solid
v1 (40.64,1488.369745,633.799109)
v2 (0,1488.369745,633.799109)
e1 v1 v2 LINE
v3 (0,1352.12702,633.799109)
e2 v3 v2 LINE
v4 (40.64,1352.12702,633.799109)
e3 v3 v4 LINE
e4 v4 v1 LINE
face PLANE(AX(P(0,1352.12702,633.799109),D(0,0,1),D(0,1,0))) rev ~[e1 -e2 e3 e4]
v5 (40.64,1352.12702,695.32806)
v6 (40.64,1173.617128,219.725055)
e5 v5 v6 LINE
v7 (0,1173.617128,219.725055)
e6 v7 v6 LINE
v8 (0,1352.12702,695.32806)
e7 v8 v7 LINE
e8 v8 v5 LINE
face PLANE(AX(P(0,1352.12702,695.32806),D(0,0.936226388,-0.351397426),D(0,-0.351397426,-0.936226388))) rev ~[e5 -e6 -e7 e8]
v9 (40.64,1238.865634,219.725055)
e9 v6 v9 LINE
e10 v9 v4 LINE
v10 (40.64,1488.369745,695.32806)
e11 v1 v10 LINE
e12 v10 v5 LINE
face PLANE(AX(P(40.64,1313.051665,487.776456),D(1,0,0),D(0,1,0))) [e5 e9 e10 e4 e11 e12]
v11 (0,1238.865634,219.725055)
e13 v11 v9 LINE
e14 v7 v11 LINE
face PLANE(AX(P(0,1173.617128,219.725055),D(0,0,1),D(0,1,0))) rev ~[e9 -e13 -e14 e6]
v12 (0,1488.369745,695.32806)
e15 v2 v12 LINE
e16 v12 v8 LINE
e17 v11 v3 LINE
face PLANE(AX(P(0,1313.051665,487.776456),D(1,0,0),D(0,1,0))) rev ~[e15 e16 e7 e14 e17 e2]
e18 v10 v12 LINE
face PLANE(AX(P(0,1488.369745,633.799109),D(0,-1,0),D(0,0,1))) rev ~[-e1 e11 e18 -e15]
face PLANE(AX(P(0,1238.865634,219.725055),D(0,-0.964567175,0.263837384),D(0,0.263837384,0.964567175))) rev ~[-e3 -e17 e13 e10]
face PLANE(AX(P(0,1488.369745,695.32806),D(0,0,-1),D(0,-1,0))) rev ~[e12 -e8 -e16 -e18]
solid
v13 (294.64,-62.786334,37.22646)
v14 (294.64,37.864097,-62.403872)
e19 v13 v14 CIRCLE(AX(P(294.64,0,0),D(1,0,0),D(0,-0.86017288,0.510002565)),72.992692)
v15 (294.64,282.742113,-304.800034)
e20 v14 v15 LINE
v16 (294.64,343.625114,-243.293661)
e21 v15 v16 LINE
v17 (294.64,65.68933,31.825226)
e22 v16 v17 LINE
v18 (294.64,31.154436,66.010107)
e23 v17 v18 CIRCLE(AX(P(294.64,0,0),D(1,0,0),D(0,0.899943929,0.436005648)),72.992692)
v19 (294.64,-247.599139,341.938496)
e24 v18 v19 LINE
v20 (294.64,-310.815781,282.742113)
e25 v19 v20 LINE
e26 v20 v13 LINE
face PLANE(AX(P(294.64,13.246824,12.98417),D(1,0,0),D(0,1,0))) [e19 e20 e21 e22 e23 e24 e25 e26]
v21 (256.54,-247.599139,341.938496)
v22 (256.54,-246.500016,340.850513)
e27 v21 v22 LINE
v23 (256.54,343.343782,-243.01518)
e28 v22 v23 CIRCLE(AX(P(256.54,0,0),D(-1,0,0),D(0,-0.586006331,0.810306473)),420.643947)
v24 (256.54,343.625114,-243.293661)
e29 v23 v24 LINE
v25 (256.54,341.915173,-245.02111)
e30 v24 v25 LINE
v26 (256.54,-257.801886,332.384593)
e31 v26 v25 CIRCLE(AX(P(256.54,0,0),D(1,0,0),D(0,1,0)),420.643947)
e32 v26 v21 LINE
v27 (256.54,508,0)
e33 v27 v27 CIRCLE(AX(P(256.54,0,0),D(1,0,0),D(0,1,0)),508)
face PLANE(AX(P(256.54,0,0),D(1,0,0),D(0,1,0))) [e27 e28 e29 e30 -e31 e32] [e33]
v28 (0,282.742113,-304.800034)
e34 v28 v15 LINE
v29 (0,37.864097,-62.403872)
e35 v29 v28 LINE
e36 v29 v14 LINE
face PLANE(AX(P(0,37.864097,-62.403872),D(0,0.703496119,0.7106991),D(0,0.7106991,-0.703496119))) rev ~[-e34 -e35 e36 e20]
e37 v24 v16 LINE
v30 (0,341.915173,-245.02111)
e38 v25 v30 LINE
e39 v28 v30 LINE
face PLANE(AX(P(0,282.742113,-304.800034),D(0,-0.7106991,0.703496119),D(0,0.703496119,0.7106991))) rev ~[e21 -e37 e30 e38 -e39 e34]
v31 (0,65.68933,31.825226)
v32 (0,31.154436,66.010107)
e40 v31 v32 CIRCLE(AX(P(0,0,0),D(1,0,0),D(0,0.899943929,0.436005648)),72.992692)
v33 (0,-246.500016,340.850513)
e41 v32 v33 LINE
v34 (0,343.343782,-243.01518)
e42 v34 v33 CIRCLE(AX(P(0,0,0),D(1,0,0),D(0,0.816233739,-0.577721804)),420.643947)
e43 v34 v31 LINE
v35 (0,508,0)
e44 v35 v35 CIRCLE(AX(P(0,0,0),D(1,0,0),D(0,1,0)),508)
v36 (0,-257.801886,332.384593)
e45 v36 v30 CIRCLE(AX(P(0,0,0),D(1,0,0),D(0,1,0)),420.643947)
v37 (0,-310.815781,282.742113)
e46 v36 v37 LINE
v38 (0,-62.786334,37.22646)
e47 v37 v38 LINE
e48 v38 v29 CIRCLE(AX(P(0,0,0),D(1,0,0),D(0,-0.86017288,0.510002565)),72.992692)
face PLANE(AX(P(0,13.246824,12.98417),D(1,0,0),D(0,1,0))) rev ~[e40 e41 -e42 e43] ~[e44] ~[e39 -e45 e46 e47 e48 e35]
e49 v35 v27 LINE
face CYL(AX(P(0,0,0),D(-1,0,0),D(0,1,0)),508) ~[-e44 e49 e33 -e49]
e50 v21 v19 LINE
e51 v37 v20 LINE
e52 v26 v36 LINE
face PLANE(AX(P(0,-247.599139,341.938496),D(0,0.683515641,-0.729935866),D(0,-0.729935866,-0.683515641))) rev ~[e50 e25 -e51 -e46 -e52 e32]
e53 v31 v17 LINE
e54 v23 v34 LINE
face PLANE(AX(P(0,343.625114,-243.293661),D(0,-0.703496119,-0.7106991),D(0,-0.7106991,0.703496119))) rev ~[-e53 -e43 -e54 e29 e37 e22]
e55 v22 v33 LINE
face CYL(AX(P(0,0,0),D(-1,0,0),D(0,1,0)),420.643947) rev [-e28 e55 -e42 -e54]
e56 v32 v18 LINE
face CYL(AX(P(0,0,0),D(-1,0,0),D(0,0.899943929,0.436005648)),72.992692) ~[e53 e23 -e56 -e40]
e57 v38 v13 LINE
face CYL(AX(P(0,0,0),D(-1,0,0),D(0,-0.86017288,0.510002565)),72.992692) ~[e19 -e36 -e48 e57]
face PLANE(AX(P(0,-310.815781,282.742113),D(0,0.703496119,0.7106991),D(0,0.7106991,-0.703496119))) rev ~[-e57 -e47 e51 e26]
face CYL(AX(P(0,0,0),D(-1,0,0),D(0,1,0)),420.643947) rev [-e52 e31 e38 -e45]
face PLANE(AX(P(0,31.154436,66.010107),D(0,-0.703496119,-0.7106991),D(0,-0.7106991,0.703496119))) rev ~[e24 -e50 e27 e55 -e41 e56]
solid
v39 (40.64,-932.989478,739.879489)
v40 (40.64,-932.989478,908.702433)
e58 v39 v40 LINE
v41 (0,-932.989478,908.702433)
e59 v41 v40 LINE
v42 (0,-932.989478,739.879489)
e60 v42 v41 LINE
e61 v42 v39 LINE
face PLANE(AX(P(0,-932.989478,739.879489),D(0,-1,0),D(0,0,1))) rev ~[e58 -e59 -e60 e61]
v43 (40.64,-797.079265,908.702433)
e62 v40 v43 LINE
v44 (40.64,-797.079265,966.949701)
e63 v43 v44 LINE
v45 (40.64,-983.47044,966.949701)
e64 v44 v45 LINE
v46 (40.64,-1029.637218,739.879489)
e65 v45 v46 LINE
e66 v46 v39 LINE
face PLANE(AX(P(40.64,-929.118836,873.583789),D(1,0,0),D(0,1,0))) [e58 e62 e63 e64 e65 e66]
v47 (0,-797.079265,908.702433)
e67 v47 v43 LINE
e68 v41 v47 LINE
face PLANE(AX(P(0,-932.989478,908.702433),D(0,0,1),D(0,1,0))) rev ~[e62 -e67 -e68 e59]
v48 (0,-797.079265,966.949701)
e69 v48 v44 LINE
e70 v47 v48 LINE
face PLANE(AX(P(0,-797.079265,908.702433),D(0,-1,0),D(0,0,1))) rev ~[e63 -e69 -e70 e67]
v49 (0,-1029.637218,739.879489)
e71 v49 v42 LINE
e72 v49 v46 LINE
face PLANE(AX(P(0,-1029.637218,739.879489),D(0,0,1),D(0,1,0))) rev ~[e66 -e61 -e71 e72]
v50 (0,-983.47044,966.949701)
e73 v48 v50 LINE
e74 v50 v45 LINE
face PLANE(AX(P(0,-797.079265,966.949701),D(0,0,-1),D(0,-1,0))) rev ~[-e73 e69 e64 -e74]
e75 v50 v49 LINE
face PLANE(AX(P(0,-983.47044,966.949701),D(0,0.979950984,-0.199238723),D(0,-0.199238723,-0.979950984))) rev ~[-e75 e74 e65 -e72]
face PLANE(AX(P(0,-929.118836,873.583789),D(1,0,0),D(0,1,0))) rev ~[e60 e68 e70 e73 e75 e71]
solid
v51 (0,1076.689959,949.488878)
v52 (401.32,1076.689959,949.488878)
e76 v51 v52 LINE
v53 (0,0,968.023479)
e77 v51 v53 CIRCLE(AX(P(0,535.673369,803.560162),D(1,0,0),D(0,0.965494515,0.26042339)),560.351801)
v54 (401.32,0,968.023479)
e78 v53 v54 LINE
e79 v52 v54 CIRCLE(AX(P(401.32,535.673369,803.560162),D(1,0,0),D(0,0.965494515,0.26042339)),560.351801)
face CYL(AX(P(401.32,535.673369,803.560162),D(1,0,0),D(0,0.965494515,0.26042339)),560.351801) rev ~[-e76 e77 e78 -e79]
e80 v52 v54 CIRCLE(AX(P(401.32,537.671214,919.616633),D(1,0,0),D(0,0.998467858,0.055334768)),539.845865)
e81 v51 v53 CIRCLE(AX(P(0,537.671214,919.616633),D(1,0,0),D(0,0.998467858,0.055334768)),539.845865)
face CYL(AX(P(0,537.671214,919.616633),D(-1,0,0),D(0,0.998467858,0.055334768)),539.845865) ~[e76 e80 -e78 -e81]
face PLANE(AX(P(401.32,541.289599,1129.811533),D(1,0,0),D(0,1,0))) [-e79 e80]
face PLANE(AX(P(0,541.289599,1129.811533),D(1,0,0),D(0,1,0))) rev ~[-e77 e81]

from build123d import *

# Parameters (mm, degrees)
F0_R      = 508
F0_R_2    = 420.6439468704
F1_DEPTH  = 256.54
F3_DEPTH  = 294.64
F5_DEPTH  = 401.32
F7_DEPTH  = 815.34
F9_DEPTH  = 40.64
F10_DEPTH = 38.1
F12_DEPTH = 40.64


with BuildPart() as f1:
    # F0 (on Right) → F1 (new body)
    with BuildSketch(Plane.YZ):
        Circle(F0_R)
        Circle(F0_R_2, mode=Mode.SUBTRACT)
    extrude(amount=F1_DEPTH)

    # F2 (on Right) → F3 (join)
    with BuildSketch(Plane.YZ):
        with BuildLine():
            ThreePointArc((37.8640968703, -62.4038721518), (63.6071358166, -35.8059403527), (72.9926920406, 0))
            ThreePointArc((72.9926920406, 0), (71.1434260152, 16.3262373548), (65.6893300543, 31.8252259749))
            Line((65.6893300543, 31.8252259749), (31.1544355507, 66.0101070811))
            ThreePointArc((31.1544355507, 66.0101070811), (-21.3838451619, 69.7901444147), (-62.7863341252, 37.2264601924))
            Line((-62.7863341252, 37.2264601924), (37.8640968703, -62.4038721518))
        make_face()
        with BuildLine():
            ThreePointArc((65.6893300543, 31.8252259749), (71.1434260152, 16.3262373548), (72.9926920406, 0))
            ThreePointArc((72.9926920406, 0), (63.6071358166, -35.8059403527), (37.8640968703, -62.4038721518))
            Line((37.8640968703, -62.4038721518), (282.742112875, -304.8000335693))
            Line((282.742112875, -304.8000335693), (343.6251143049, -243.2936610617))
            Line((343.6251143049, -243.2936610617), (65.6893300543, 31.8252259749))
        make_face()
        with BuildLine():
            Line((31.1544355507, 66.0101070811), (65.6893300543, 31.8252259749))
            ThreePointArc((65.6893300543, 31.8252259749), (51.3500755423, 51.8758405536), (31.1544355507, 66.0101070811))
        make_face()
        with BuildLine():
            ThreePointArc((-62.7863341252, 37.2264601924), (-51.3500755423, -51.8758405536), (37.8640968703, -62.4038721518))
            Line((37.8640968703, -62.4038721518), (-62.7863341252, 37.2264601924))
        make_face()
        with BuildLine():
            ThreePointArc((-62.7863341252, 37.2264601924), (-21.3838451619, 69.7901444147), (31.1544355507, 66.0101070811))
            Line((31.1544355507, 66.0101070811), (-247.5991393836, 341.9384964397))
            Line((-247.5991393836, 341.9384964397), (-310.8157813549, 282.742112875))
            Line((-310.8157813549, 282.742112875), (-62.7863341252, 37.2264601924))
        make_face()
    extrude(amount=F3_DEPTH)


with BuildPart() as f5:
    # F4 (on Right) → F5 (new body)
    with BuildSketch(Plane.YZ):
        with BuildLine():
            Line((0, 968.0234789848), (1076.6899585724, 949.4888782501))
            ThreePointArc((1076.6899585724, 949.4888782501), (546.9629750359, 1459.3825271205), (0, 968.0234789848))
        make_face()
    extrude(amount=F5_DEPTH)

    # F6 (on face) → F7 (cut)
    with BuildSketch(Plane.YZ.offset(401.32)):
        with BuildLine():
            Line((0, 968.0234789848), (1076.6899585724, 949.4888782501))
            ThreePointArc((1076.6899585724, 949.4888782501), (545.3180750446, 1363.8289552401), (0, 968.0234789848))
        make_face()
    extrude(amount=-F7_DEPTH, mode=Mode.SUBTRACT)


with BuildPart() as f9:
    # F8 (on Right) → F9 (new body)
    with BuildSketch(Plane.YZ):
        Polygon((1488.3697451586, 695.3280602446), (1352.127020076, 695.3280602446), (1173.6171278574, 219.7250552287), (1238.8656338662, 219.7250552287), (1352.127020076, 633.799109388), (1488.3697451586, 633.799109388), align=None)
    extrude(amount=F9_DEPTH)

    # F8 (on Right) → F10 (join)
    with BuildSketch(Plane.YZ):
        Polygon((1488.3697451586, 695.3280602446), (1352.127020076, 695.3280602446), (1173.6171278574, 219.7250552287), (1238.8656338662, 219.7250552287), (1352.127020076, 633.799109388), (1488.3697451586, 633.799109388), align=None)
    extrude(amount=F10_DEPTH)


with BuildPart() as f12:
    # F11 (on Right) → F12 (new body)
    with BuildSketch(Plane.YZ):
        Polygon((-797.0792651176, 966.9497013092), (-863.0927801132, 966.9497013092), (-983.4704399109, 966.9497013092), (-1029.6372175217, 739.879488945), (-932.9894781113, 739.879488945), (-932.9894781113, 908.7024331093), (-797.0792651176, 908.7024331093), align=None)
    extrude(amount=F12_DEPTH)


solid = Compound([f1.part, f5.part, f9.part, f12.part])
